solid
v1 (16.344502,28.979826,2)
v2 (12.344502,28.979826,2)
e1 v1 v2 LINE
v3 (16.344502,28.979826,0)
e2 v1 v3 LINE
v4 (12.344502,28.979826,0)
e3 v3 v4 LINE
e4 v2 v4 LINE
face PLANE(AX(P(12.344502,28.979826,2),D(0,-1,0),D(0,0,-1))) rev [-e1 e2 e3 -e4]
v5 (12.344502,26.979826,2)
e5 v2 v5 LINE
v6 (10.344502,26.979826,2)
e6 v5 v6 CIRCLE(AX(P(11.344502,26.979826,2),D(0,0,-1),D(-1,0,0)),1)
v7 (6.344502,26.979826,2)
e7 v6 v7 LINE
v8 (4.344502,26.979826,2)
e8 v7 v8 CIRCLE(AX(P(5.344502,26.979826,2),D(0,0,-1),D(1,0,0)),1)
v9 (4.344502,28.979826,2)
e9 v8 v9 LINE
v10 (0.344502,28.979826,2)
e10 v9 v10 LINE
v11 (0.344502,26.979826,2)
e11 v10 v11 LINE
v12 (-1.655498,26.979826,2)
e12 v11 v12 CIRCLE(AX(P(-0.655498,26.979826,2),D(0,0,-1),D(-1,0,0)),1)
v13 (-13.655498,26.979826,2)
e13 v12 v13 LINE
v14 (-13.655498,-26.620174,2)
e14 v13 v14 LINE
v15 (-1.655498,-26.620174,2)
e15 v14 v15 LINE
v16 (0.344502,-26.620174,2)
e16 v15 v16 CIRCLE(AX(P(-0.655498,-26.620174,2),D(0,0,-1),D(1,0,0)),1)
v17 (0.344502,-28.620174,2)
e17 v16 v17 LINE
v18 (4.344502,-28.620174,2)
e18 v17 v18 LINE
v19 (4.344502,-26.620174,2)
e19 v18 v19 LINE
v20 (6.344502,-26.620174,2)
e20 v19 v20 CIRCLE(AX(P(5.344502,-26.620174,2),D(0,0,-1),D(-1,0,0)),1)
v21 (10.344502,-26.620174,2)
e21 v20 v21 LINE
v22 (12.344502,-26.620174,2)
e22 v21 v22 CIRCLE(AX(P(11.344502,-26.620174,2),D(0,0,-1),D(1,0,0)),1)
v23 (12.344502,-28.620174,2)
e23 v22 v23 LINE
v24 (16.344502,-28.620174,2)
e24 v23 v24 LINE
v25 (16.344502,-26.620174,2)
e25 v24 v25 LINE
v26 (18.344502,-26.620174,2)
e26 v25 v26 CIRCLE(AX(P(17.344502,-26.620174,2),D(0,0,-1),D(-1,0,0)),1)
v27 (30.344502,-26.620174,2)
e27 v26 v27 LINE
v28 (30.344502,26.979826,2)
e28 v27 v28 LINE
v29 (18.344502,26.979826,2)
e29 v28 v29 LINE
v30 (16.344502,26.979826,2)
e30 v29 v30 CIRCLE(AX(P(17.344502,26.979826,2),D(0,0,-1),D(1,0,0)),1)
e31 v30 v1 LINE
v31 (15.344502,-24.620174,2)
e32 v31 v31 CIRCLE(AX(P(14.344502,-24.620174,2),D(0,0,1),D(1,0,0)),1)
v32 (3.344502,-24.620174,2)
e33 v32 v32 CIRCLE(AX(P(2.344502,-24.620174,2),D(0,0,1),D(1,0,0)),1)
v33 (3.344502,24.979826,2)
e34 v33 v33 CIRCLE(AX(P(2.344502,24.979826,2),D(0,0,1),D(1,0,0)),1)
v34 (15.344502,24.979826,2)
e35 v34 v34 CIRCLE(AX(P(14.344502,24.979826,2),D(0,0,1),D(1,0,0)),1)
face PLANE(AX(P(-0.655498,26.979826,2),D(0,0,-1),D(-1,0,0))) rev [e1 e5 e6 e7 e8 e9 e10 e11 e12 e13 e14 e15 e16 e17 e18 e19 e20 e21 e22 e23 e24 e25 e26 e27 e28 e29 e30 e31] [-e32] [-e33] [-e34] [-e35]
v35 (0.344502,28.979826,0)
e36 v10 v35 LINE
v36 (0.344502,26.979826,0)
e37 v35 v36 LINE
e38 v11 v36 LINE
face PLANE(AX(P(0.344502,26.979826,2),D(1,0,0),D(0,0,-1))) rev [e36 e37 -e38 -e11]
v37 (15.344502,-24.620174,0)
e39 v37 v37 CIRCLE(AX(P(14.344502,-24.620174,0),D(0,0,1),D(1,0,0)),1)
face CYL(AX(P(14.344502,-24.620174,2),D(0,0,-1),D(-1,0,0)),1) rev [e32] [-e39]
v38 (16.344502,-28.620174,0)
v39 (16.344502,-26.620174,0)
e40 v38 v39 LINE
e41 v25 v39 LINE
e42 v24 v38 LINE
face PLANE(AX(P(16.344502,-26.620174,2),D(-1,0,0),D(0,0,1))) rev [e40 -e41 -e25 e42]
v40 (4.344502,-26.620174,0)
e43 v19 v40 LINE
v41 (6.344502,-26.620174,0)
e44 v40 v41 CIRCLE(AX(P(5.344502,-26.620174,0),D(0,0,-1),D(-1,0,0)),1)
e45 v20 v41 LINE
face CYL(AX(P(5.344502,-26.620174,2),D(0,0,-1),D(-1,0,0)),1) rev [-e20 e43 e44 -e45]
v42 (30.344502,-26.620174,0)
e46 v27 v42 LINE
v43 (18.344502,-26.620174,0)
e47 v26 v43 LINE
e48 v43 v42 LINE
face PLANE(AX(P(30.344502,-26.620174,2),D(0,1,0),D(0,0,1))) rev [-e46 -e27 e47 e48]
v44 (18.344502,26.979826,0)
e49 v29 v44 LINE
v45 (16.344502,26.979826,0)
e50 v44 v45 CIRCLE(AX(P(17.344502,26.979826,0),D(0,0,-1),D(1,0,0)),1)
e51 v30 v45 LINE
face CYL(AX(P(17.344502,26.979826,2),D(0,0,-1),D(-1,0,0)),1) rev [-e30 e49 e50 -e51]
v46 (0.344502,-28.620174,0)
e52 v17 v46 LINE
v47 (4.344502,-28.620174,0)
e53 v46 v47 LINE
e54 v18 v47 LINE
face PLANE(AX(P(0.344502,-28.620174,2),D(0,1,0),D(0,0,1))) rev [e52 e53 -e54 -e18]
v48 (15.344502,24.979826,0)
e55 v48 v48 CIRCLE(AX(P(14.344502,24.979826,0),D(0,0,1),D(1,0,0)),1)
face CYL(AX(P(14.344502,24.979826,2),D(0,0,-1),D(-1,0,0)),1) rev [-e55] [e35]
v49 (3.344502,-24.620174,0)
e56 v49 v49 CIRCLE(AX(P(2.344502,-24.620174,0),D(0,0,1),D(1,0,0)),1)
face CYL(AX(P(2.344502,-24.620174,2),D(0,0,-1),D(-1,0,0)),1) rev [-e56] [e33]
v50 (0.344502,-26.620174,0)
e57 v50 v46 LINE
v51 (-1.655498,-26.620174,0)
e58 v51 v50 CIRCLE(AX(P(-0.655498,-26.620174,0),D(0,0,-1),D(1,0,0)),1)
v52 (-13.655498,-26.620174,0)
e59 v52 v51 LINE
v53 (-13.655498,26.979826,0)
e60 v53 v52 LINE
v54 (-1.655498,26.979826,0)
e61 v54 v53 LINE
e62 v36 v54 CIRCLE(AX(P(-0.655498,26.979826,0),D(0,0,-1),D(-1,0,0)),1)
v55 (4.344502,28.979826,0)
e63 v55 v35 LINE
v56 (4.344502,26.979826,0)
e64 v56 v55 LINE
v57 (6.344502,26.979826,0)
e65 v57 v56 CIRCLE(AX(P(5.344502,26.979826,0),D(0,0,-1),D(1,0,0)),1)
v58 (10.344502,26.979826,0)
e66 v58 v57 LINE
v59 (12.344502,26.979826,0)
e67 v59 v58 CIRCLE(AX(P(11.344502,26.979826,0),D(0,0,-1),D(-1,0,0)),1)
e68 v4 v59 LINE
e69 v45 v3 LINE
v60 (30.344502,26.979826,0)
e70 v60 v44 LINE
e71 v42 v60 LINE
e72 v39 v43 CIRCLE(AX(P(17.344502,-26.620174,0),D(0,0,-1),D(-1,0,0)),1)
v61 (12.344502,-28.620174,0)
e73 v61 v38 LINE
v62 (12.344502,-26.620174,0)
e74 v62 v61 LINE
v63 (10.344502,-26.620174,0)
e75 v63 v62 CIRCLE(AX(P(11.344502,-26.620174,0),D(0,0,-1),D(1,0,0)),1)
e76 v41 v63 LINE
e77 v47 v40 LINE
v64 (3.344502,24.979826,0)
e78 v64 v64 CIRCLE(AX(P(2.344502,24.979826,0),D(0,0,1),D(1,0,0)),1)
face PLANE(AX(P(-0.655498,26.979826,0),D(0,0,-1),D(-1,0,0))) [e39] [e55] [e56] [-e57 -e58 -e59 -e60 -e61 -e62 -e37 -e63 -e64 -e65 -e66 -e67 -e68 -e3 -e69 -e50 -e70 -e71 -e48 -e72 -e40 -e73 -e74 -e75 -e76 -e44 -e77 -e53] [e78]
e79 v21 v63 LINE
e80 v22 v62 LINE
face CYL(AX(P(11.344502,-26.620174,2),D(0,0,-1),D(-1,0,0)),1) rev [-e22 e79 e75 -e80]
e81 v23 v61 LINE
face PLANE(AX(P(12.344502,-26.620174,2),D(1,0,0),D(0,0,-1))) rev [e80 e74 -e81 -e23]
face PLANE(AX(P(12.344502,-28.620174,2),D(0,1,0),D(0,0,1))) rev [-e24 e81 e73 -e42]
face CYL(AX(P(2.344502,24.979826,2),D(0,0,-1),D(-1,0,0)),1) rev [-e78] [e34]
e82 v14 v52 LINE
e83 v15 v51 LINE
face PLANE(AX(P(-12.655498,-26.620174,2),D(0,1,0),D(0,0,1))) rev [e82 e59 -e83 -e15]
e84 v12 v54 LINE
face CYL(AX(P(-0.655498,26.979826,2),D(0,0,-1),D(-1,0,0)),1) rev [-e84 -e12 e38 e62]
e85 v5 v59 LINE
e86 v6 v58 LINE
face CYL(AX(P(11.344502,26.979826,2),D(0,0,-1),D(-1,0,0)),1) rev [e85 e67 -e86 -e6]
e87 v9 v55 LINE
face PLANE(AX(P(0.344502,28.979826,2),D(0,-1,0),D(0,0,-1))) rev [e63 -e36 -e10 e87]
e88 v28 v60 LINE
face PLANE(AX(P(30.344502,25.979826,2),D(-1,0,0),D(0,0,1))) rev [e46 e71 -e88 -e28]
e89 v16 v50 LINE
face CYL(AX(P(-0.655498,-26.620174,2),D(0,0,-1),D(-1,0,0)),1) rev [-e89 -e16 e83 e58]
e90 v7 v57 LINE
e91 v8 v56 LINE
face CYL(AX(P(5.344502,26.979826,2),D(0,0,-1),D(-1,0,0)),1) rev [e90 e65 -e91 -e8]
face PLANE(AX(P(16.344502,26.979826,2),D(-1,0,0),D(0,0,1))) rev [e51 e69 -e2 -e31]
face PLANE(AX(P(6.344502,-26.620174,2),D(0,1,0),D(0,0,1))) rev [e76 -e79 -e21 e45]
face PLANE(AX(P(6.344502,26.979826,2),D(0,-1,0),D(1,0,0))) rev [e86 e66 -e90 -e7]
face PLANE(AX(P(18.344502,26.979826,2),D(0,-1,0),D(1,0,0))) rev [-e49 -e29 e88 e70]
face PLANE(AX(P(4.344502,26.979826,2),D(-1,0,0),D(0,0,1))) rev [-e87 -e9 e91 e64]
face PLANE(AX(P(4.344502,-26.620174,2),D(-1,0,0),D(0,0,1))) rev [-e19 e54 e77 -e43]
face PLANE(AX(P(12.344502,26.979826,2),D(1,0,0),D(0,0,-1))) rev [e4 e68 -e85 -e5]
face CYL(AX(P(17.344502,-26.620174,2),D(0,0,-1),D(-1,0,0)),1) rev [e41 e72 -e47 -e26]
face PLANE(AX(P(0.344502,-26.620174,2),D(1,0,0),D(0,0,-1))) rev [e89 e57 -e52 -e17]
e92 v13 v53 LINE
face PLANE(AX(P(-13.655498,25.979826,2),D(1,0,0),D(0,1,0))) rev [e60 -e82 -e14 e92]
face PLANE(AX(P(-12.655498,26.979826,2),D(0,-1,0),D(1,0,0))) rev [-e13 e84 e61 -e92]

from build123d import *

# Parameters (mm, degrees)
SKETCH_1_R      = 1
EXTRUDE_1_DEPTH = 2


with BuildPart() as part:
    # 草圖1 → 填料-伸長1 (new body)
    with BuildSketch(Plane.XY):
        with BuildLine():
            Line((-13.655498481, 25.979826384), (-13.655498481, 26.979826384))
            Line((-13.655498481, 26.979826384), (-12.655498481, 26.979826384))
            Line((-12.655498481, 26.979826384), (-1.655498481, 26.979826384))
            ThreePointArc((-1.655498481, 26.979826384), (-0.655498481, 25.979826384), (0.344501519, 26.979826384))
            Line((0.344501519, 26.979826384), (0.344501519, 28.979826384))
            Line((0.344501519, 28.979826384), (4.344501519, 28.979826384))
            Line((4.344501519, 28.979826384), (4.344501519, 26.979826384))
            ThreePointArc((4.344501519, 26.979826384), (5.344501519, 25.979826384), (6.344501519, 26.979826384))
            Line((6.344501519, 26.979826384), (10.344501519, 26.979826384))
            ThreePointArc((10.344501519, 26.979826384), (11.344501519, 25.979826384), (12.344501519, 26.979826384))
            Line((12.344501519, 26.979826384), (12.344501519, 28.979826384))
            Line((12.344501519, 28.979826384), (16.344501519, 28.979826384))
            Line((16.344501519, 28.979826384), (16.344501519, 26.979826384))
            ThreePointArc((16.344501519, 26.979826384), (17.344501519, 25.979826384), (18.344501519, 26.979826384))
            Line((18.344501519, 26.979826384), (29.344501519, 26.979826384))
            Line((29.344501519, 26.979826384), (30.344501519, 26.979826384))
            Line((30.344501519, 26.979826384), (30.344501519, 25.979826384))
            Line((30.344501519, 25.979826384), (30.344501519, -26.620173616))
            Line((30.344501519, -26.620173616), (29.344501519, -26.620173616))
            Line((29.344501519, -26.620173616), (18.344501519, -26.620173616))
            ThreePointArc((18.344501519, -26.620173616), (17.344501519, -25.620173616), (16.344501519, -26.620173616))
            Line((16.344501519, -26.620173616), (16.344501519, -28.620173616))
            Line((16.344501519, -28.620173616), (12.344501519, -28.620173616))
            Line((12.344501519, -28.620173616), (12.344501519, -26.620173616))
            ThreePointArc((12.344501519, -26.620173616), (11.344501519, -25.620173616), (10.344501519, -26.620173616))
            Line((10.344501519, -26.620173616), (6.344501519, -26.620173616))
            ThreePointArc((6.344501519, -26.620173616), (5.344501519, -25.620173616), (4.344501519, -26.620173616))
            Line((4.344501519, -26.620173616), (4.344501519, -28.620173616))
            Line((4.344501519, -28.620173616), (0.344501519, -28.620173616))
            Line((0.344501519, -28.620173616), (0.344501519, -26.620173616))
            ThreePointArc((0.344501519, -26.620173616), (-0.655498481, -25.620173616), (-1.655498481, -26.620173616))
            Line((-1.655498481, -26.620173616), (-12.655498481, -26.620173616))
            Line((-12.655498481, -26.620173616), (-13.655498481, -26.620173616))
            Line((-13.655498481, -26.620173616), (-13.655498481, 25.979826384))
        make_face()
        with Locations((14.344501519, 24.979826384)):
            Circle(SKETCH_1_R, mode=Mode.SUBTRACT)
        with Locations((2.344501519, -24.620173616)):
            Circle(SKETCH_1_R, mode=Mode.SUBTRACT)
        with Locations((14.344501519, -24.620173616)):
            Circle(SKETCH_1_R, mode=Mode.SUBTRACT)
        with Locations((2.344501519, 24.979826384)):
            Circle(SKETCH_1_R, mode=Mode.SUBTRACT)
    extrude(amount=EXTRUDE_1_DEPTH)


solid = part.part
